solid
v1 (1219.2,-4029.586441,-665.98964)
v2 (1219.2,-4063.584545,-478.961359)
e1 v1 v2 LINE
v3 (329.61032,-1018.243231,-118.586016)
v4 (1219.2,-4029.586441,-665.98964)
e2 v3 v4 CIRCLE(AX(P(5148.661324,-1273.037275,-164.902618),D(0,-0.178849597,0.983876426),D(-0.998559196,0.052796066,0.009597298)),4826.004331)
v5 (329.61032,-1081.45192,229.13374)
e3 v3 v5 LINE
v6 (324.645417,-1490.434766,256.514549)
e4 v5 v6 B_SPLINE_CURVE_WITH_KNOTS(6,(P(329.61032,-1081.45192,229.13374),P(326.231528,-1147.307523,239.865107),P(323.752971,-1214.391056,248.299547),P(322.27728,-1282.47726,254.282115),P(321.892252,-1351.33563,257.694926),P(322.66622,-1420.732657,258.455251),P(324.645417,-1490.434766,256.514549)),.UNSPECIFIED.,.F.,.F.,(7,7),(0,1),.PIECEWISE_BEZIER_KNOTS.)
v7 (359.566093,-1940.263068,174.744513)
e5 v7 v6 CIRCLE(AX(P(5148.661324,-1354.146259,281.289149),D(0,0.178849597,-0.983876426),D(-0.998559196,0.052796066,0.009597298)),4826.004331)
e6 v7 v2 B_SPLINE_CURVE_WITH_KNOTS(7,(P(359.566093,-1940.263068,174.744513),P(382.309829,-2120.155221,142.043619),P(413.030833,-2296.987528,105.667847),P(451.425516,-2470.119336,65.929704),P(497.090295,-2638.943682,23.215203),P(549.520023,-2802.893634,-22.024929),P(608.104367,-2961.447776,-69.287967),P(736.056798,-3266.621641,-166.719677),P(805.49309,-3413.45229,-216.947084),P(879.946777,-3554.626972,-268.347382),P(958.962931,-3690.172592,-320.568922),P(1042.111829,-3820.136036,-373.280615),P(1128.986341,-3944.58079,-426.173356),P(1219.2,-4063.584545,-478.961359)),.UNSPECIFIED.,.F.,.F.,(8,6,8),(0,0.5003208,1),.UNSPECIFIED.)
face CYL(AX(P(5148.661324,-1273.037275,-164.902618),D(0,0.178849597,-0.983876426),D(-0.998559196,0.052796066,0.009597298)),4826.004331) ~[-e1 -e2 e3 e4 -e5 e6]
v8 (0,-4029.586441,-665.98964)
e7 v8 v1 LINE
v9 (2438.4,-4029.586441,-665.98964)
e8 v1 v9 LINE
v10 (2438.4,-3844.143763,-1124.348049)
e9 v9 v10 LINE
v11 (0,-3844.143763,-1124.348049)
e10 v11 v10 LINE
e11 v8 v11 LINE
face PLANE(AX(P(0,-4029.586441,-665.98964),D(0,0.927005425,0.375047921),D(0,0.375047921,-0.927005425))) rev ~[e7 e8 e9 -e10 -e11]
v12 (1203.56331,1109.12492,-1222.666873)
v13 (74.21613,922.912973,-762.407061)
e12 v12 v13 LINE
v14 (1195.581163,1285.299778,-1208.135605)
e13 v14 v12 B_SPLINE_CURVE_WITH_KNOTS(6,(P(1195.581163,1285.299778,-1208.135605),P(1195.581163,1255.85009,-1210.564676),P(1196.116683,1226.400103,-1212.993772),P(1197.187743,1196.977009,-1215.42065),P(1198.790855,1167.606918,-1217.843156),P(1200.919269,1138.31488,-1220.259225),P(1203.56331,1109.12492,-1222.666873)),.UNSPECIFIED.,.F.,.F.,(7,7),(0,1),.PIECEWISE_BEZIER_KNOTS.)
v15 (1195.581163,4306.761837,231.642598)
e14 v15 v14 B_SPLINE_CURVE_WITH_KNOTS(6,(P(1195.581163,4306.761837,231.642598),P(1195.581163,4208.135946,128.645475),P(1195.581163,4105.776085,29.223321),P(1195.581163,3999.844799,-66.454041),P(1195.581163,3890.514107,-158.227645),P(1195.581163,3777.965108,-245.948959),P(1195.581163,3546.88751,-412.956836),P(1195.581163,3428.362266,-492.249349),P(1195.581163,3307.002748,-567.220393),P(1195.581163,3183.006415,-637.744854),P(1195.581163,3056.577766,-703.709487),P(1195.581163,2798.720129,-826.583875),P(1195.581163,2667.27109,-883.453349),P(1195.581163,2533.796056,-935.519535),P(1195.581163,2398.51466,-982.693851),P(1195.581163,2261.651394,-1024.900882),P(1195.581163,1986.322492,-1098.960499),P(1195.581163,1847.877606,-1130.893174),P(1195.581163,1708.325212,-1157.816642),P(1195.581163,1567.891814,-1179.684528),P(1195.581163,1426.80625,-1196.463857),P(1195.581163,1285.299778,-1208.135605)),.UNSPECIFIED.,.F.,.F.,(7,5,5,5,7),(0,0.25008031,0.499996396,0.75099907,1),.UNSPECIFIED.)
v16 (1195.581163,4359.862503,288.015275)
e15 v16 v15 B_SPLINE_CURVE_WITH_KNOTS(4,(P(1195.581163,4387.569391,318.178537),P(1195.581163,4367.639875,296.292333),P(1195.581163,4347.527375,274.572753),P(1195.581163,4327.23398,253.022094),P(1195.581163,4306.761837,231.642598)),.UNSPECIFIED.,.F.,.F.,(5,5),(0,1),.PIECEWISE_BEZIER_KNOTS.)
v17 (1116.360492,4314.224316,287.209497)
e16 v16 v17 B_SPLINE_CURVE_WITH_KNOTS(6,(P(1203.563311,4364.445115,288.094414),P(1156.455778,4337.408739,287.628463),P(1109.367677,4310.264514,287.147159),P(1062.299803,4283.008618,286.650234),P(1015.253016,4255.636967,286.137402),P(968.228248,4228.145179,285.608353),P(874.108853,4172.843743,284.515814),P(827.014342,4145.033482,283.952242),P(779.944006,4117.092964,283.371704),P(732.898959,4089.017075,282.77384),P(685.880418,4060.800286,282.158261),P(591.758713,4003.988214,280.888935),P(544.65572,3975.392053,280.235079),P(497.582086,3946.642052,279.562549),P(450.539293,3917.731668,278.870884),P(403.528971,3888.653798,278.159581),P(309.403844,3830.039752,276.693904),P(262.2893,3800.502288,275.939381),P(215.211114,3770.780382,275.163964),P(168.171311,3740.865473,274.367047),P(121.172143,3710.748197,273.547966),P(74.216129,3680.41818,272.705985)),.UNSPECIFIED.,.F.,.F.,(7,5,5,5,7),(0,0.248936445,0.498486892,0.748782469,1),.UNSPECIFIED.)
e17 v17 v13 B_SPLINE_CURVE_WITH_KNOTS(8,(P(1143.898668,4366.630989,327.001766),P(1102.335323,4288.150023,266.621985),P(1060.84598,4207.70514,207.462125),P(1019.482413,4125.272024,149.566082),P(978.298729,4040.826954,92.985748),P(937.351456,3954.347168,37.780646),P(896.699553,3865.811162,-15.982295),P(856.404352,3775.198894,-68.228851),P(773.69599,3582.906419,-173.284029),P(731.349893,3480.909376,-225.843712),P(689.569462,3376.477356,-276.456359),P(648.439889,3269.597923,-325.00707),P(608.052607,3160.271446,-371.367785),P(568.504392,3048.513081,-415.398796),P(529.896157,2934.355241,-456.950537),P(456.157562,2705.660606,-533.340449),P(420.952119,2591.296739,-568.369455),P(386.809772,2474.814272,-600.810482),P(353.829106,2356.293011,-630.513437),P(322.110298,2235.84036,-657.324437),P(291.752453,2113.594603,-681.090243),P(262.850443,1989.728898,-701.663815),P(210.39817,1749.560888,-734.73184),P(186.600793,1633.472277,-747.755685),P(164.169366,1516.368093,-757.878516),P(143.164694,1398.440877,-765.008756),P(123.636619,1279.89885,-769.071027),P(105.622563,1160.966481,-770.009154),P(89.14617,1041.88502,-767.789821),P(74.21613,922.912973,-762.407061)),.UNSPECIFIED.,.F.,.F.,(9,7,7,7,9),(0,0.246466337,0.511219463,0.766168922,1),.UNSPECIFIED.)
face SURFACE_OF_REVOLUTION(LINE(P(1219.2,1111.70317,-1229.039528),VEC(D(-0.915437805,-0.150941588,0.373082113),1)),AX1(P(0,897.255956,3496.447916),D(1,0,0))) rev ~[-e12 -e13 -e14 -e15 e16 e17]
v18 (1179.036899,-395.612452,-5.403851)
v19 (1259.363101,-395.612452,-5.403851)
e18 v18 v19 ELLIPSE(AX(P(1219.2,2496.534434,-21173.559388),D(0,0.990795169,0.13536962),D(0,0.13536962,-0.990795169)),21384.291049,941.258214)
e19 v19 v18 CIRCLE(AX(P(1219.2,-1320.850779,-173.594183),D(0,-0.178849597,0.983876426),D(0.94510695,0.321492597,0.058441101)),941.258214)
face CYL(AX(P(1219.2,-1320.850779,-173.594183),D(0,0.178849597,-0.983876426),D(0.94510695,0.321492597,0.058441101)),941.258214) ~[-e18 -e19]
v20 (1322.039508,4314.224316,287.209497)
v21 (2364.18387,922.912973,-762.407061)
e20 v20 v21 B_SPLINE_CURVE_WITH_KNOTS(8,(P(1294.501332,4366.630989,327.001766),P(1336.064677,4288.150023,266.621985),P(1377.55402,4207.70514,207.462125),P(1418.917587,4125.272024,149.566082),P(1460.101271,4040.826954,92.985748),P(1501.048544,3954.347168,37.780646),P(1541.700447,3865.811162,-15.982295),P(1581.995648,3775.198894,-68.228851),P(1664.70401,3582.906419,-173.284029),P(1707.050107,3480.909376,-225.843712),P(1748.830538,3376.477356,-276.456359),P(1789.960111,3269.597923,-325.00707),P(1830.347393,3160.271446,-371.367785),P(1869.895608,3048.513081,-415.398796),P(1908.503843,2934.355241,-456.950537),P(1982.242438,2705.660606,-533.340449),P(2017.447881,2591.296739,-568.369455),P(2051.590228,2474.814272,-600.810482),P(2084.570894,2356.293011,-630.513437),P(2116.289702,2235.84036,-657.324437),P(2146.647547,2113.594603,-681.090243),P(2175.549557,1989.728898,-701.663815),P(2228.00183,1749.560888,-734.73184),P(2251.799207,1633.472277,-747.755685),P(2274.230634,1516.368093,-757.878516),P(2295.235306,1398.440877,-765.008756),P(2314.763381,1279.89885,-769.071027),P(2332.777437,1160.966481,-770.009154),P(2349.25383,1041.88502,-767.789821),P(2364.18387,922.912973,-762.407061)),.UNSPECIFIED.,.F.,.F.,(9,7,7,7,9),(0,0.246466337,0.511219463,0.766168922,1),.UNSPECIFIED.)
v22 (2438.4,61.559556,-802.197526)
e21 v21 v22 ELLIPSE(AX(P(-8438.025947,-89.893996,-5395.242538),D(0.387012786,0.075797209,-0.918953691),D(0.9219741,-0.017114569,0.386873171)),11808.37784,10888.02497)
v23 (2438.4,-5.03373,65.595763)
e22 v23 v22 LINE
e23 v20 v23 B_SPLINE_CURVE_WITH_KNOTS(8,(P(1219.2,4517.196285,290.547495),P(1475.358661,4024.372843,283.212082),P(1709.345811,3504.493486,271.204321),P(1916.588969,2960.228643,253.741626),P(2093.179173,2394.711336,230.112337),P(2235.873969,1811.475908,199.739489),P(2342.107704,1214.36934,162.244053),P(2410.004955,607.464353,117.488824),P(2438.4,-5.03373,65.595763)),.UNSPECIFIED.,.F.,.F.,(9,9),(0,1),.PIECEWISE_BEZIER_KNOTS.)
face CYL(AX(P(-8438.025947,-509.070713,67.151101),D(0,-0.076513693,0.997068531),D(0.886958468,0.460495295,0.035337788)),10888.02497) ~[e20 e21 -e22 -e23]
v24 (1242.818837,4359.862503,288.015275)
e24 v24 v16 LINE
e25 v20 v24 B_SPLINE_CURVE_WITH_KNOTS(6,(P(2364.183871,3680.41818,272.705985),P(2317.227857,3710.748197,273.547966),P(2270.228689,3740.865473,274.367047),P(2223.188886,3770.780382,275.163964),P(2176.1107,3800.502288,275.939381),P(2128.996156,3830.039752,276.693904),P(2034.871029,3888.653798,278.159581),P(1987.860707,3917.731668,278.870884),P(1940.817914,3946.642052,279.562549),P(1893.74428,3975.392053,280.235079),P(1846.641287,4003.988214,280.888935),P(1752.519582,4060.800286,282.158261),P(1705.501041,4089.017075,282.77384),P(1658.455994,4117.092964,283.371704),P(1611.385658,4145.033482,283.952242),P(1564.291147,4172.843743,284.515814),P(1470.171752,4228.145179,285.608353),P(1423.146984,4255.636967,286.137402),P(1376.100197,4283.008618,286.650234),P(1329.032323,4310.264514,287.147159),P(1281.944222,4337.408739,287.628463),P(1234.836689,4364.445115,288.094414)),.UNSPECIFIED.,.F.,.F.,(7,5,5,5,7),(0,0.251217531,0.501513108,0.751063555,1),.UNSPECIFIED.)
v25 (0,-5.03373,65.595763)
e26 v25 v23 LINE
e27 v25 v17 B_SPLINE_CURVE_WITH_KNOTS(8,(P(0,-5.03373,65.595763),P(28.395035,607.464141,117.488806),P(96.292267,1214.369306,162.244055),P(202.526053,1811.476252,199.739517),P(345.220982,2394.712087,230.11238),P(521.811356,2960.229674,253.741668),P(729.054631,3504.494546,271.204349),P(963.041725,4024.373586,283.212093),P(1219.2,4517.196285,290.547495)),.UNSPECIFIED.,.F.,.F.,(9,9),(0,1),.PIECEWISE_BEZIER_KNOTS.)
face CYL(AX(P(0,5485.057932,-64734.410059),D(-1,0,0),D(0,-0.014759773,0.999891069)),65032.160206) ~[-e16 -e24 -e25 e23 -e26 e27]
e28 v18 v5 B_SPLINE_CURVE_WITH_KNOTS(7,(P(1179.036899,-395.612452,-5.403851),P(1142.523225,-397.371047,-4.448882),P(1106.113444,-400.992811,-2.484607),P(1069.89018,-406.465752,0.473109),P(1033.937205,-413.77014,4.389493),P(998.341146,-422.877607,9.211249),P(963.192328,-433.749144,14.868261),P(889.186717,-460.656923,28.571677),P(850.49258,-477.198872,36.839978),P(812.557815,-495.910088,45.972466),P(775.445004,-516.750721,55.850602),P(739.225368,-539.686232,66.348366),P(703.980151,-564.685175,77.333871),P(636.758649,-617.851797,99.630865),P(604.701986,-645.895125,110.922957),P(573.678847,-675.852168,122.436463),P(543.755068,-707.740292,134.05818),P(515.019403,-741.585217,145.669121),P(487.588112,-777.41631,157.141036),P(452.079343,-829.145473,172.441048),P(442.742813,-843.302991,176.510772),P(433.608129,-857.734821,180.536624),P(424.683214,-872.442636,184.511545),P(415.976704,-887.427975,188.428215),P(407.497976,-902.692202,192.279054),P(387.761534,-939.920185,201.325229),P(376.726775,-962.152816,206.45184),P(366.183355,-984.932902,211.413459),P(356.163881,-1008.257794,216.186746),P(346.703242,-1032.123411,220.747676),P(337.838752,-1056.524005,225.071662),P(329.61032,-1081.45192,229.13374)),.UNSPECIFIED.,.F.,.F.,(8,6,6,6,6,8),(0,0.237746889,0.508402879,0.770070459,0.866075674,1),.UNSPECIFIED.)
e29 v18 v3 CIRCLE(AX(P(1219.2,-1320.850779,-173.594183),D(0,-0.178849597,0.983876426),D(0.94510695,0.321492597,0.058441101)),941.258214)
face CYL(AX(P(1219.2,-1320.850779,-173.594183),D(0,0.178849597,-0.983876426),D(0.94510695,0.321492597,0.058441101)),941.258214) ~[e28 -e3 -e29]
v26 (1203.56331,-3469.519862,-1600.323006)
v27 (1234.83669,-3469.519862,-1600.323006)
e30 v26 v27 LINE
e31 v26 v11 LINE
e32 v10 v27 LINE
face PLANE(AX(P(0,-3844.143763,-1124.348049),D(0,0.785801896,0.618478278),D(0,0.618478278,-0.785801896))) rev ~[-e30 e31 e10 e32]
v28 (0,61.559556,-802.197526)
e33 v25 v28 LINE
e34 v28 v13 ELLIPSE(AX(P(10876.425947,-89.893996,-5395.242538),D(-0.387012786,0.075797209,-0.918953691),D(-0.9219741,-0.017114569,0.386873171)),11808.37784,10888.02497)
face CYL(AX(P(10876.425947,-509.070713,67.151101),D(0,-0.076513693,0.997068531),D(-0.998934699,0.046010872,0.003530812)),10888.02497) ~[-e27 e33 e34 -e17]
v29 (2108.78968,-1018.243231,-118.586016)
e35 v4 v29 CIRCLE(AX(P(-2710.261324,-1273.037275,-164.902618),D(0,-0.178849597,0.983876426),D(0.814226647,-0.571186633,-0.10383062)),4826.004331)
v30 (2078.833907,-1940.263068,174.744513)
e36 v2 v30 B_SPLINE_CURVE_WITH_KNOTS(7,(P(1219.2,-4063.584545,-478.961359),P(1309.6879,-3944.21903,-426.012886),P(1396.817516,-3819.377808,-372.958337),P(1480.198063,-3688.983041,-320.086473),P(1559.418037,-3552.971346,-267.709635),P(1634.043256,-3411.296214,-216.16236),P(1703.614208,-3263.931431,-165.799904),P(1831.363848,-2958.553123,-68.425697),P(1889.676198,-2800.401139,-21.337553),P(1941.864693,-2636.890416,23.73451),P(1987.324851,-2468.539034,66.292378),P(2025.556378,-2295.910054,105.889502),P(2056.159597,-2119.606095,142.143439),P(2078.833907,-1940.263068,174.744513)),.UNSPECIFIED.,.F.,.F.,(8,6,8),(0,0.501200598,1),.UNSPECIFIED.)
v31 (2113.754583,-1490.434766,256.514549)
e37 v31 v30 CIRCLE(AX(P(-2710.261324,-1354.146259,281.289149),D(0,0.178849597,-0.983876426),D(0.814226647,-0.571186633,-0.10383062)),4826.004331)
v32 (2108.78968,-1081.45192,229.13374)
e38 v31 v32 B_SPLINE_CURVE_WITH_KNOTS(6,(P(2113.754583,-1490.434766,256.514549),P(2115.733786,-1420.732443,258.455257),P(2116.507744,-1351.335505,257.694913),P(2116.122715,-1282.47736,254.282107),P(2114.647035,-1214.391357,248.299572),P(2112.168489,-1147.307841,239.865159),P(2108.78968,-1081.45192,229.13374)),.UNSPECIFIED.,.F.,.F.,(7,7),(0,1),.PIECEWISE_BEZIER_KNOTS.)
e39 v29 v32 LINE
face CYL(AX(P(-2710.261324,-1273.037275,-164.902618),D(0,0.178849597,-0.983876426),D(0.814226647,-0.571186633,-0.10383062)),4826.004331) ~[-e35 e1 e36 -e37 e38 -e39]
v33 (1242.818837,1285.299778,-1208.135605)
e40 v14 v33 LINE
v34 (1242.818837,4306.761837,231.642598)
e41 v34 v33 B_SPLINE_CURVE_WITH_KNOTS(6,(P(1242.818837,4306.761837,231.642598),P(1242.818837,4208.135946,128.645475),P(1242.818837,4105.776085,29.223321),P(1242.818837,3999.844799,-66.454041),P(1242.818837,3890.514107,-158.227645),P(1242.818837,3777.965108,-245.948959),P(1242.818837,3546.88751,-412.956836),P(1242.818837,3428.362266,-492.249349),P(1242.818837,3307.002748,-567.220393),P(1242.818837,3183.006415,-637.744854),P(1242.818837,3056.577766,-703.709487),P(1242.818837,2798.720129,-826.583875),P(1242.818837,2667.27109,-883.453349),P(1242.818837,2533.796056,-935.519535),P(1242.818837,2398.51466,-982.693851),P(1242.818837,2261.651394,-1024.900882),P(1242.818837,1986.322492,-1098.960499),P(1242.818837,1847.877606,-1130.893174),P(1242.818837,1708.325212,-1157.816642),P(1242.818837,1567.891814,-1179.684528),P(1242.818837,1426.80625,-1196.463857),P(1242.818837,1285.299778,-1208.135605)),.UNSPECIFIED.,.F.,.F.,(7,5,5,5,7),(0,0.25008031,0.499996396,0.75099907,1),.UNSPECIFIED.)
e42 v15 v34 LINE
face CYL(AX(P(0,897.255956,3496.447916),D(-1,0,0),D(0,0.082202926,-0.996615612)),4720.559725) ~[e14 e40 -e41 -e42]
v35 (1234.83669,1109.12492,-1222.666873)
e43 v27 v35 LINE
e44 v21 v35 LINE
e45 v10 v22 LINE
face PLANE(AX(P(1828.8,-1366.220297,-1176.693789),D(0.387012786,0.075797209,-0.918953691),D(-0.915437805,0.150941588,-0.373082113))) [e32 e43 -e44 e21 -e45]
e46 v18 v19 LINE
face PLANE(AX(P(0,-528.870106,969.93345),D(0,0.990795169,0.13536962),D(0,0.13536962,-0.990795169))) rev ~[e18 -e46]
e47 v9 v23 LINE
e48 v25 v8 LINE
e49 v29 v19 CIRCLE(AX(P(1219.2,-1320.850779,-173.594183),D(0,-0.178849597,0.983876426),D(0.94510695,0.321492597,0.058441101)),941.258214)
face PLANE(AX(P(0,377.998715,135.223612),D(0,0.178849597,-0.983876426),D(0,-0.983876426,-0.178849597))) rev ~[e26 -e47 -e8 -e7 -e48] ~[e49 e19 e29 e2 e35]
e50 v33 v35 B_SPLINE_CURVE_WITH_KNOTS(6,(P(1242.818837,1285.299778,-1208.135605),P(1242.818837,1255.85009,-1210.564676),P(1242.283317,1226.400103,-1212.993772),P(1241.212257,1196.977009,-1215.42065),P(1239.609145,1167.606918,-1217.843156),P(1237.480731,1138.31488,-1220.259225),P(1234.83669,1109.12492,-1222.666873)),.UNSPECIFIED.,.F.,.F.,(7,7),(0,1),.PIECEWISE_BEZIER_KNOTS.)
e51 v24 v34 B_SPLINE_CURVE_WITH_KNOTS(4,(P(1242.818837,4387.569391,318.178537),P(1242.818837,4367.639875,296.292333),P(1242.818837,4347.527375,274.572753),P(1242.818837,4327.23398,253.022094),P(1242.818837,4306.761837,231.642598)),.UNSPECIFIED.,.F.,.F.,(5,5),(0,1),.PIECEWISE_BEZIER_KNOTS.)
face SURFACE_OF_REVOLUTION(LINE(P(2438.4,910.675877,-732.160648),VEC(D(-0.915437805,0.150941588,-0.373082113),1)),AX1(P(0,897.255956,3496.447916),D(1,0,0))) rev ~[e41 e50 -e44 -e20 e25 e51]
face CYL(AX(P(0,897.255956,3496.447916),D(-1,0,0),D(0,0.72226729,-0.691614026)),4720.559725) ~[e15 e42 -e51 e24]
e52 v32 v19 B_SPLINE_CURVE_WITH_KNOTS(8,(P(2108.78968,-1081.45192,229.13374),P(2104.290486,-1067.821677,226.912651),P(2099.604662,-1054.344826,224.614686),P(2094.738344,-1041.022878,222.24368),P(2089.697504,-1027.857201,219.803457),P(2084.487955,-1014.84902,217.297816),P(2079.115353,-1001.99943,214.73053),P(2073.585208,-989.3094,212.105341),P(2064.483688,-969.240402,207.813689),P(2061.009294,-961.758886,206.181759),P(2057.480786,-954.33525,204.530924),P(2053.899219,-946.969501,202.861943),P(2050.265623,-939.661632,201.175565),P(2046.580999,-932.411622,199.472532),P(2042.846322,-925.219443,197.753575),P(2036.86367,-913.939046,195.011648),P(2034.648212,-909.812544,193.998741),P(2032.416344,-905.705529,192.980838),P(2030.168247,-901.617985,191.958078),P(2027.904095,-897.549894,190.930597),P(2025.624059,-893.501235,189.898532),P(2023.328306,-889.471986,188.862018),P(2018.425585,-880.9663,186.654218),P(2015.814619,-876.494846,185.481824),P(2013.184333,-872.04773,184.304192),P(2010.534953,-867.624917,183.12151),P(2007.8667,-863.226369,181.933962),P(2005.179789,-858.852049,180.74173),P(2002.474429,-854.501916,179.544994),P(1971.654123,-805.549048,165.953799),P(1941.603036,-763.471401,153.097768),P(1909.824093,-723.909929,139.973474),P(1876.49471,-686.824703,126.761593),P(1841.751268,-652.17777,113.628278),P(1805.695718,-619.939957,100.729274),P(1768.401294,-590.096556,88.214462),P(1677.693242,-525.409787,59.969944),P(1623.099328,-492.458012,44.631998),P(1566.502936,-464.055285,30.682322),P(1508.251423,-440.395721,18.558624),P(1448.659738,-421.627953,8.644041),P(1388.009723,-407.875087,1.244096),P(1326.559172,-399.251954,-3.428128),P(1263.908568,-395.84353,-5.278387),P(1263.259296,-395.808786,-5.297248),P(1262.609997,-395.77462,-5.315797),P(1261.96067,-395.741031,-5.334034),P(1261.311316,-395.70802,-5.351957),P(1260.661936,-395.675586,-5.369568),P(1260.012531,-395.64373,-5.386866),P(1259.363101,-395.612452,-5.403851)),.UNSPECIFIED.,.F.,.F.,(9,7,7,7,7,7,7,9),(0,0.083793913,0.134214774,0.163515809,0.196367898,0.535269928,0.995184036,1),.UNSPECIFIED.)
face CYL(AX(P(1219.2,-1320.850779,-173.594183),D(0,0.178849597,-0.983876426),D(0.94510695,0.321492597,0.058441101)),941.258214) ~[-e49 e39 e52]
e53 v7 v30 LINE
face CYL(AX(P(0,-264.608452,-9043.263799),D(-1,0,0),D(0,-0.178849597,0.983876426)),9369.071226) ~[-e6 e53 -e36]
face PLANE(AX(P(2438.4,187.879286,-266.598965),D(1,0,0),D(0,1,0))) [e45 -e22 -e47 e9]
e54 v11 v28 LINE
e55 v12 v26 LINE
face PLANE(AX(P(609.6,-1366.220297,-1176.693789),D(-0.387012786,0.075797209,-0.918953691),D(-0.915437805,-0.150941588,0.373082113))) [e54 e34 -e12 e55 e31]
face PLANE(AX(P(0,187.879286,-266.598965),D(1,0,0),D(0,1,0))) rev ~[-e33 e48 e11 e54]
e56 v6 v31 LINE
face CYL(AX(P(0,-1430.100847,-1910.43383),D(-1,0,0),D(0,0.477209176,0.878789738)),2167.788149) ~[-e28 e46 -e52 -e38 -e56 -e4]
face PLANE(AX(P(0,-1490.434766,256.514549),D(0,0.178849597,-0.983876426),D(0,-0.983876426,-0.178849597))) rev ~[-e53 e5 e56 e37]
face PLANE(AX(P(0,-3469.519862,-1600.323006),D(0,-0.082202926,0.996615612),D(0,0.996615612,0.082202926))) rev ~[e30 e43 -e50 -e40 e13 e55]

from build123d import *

# Parameters (mm, degrees)
F1_DEPTH  = 2438.4
F5_DEPTH  = 1778
F7_DEPTH  = 457.2
F9_DEPTH  = 2540
F11_DEPTH = 3048


with BuildPart() as f1:
    # F0 (on Right) → F1 (new body)
    with BuildSketch(Plane.YZ):
        with BuildLine():
            Line((377.9987151826, 135.2236118261), (-4029.5864412308, -665.9896395924))
            Line((-4029.5864412308, -665.9896395924), (-3844.1437633933, -1124.3480489464))
            Line((-3844.1437633933, -1124.3480489464), (-647.3504577027, -712.7042072919))
            ThreePointArc((-647.3504577027, -712.7042072919), (1843.9451020494, -315.2318028885), (4306.7618365861, 231.6425980383))
            ThreePointArc((4306.7618365861, 231.6425980382), (4407.5158315541, 340.2223663729), (4504.8135587692, 451.9098136192))
            Line((4504.8135587692, 451.9098136192), (377.9987151826, 135.2236118261))
        make_face()
        with BuildLine():
            Line((-647.3504577027, -712.7042072919), (-3844.1437633933, -1124.3480489464))
            Line((-3844.1437633933, -1124.3480489464), (-3469.5198621776, -1600.323006257))
            Line((-3469.5198621776, -1600.323006257), (1285.2997779846, -1208.1356048584))
            ThreePointArc((1285.2997779846, -1208.1356048584), (2927.9174871926, -765.0187163613), (4306.7618365861, 231.6425980382))
            ThreePointArc((4306.7618365861, 231.6425980383), (1843.9451020494, -315.2318028885), (-647.3504577027, -712.7042072919))
        make_face()
    extrude(amount=F1_DEPTH)

    # F3: sweep along a path in F3_path
    with BuildLine(Plane(origin=(0, 1285.2997779846, -1208.1356048584), x_dir=(0, 0, -1), z_dir=(-1, 0, 0))) as f3_path:
        Line((392.1874013986, 4754.8196401622), (0, 0))
        ThreePointArc((0, 0), (-508.9263936823, -1775.3205449761), (-1660.0454184776, -3219.5137807846))
    # F2 (on face) → F3 (sweep, cut)
    with BuildSketch(Plane(origin=(0, -3694.326601836, -1494.6509191709), x_dir=(1, 0, 0), z_dir=(0, -0.9270054246, -0.3750479206))):
        Polygon((1219.2, -136.5429013968), (0, 399.4613843586), (-71.0772573948, -501.8420815468), (2438.4, -501.8420815468), (2438.4, 399.4613843586), align=None)
    sweep(path=f3_path.line, mode=Mode.SUBTRACT)

    # F4 (on face) → F5 (cut)
    with BuildSketch(Plane(origin=(0, -8.1031926617, 105.5946724783), x_dir=(1, 0, 0), z_dir=(0, -0.0765136935, 0.9970685306))):
        with BuildLine():
            ThreePointArc((0, 0), (363.1342183631, 2329.48204323), (1219.2, 4526.1851246198))
            Line((1219.2, 4526.1851246198), (534.2249274254, 5322.0548629761))
            Line((534.2249274254, 5322.0548629761), (-2186.4547729492, 4425.2166748047))
            Line((-2186.4547729492, 4425.2166748047), (0, 0))
        make_face()
        with BuildLine():
            Line((1904.1750725746, 5322.0548629761), (1219.2, 4526.1851246198))
            ThreePointArc((1219.2, 4526.1851246198), (2075.2657816369, 2329.48204323), (2438.4, 0))
            Line((2438.4, 0), (4624.8547729492, 4425.2166748047))
            Line((4624.8547729492, 4425.2166748047), (1904.1750725746, 5322.0548629761))
        make_face()
    extrude(amount=-F5_DEPTH, mode=Mode.SUBTRACT)

    # F6 (on face) → F7 (join)
    with BuildSketch(Plane(origin=(0, -11.7036325464, 64.3833049395), x_dir=(1, 0, 0), z_dir=(0, -0.1788495973, 0.983876426))):
        with BuildLine():
            ThreePointArc((2108.7896796397, -1023.0345726013), (1219.2, -389.3429801602), (329.6103203603, -1023.0345726013))
            ThreePointArc((329.6103203603, -1023.0345726013), (514.4325154291, -2628.9418269754), (1219.2, -4083.7270847139))
            ThreePointArc((1219.2, -4083.7270847139), (1923.9674845709, -2628.9418269754), (2108.7896796397, -1023.0345726013))
        make_face()
    extrude(amount=F7_DEPTH)

    # F8 (on face) → F9 (cut)
    with BuildSketch(Plane(origin=(0, 0, 0), x_dir=(0, -1, 0), z_dir=(-1, 0, 0))):
        with BuildLine():
            ThreePointArc((1940.2630677624, 174.7445133757), (3072.205815087, -104.7576214956), (4160.6681087808, -522.6878331641))
            Line((4160.6681087808, -522.6878331641), (4638.783454895, 0))
            Line((4638.783454895, 0), (528.8701057434, 969.933450222))
            Line((528.8701057434, 969.933450222), (395.6124520846, -5.4038512095))
            ThreePointArc((395.6124520846, -5.4038512095), (925.7254432157, 197.8619063291), (1490.4347658157, 256.5145492554))
            Line((1490.4347658157, 256.5145492554), (1940.2630677624, 174.7445133757))
        make_face()
    extrude(amount=-F9_DEPTH, mode=Mode.SUBTRACT)

    # F10 (on face) → F11 (cut)
    with BuildSketch(Plane(origin=(0, 0, 0), x_dir=(0, -1, 0), z_dir=(-1, 0, 0))):
        with BuildLine():
            ThreePointArc((-4525.1979827881, 290.6661033631), (-2258.1192724668, 217.6393923673), (5.033730361, 65.5957634235))
            Line((5.033730361, 65.5957634234), (5.033730361, 304.927110672))
            Line((5.033730361, 304.927110672), (-5028.8562774658, 826.0288238525))
            Line((-5028.8562774658, 826.0288238525), (-4953.3167525953, 296.9857278018))
            Line((-4953.3167525953, 296.9857278018), (-4525.1979827881, 290.666103363))
        make_face()
    extrude(amount=-F11_DEPTH, mode=Mode.SUBTRACT)


solid = f1.part
